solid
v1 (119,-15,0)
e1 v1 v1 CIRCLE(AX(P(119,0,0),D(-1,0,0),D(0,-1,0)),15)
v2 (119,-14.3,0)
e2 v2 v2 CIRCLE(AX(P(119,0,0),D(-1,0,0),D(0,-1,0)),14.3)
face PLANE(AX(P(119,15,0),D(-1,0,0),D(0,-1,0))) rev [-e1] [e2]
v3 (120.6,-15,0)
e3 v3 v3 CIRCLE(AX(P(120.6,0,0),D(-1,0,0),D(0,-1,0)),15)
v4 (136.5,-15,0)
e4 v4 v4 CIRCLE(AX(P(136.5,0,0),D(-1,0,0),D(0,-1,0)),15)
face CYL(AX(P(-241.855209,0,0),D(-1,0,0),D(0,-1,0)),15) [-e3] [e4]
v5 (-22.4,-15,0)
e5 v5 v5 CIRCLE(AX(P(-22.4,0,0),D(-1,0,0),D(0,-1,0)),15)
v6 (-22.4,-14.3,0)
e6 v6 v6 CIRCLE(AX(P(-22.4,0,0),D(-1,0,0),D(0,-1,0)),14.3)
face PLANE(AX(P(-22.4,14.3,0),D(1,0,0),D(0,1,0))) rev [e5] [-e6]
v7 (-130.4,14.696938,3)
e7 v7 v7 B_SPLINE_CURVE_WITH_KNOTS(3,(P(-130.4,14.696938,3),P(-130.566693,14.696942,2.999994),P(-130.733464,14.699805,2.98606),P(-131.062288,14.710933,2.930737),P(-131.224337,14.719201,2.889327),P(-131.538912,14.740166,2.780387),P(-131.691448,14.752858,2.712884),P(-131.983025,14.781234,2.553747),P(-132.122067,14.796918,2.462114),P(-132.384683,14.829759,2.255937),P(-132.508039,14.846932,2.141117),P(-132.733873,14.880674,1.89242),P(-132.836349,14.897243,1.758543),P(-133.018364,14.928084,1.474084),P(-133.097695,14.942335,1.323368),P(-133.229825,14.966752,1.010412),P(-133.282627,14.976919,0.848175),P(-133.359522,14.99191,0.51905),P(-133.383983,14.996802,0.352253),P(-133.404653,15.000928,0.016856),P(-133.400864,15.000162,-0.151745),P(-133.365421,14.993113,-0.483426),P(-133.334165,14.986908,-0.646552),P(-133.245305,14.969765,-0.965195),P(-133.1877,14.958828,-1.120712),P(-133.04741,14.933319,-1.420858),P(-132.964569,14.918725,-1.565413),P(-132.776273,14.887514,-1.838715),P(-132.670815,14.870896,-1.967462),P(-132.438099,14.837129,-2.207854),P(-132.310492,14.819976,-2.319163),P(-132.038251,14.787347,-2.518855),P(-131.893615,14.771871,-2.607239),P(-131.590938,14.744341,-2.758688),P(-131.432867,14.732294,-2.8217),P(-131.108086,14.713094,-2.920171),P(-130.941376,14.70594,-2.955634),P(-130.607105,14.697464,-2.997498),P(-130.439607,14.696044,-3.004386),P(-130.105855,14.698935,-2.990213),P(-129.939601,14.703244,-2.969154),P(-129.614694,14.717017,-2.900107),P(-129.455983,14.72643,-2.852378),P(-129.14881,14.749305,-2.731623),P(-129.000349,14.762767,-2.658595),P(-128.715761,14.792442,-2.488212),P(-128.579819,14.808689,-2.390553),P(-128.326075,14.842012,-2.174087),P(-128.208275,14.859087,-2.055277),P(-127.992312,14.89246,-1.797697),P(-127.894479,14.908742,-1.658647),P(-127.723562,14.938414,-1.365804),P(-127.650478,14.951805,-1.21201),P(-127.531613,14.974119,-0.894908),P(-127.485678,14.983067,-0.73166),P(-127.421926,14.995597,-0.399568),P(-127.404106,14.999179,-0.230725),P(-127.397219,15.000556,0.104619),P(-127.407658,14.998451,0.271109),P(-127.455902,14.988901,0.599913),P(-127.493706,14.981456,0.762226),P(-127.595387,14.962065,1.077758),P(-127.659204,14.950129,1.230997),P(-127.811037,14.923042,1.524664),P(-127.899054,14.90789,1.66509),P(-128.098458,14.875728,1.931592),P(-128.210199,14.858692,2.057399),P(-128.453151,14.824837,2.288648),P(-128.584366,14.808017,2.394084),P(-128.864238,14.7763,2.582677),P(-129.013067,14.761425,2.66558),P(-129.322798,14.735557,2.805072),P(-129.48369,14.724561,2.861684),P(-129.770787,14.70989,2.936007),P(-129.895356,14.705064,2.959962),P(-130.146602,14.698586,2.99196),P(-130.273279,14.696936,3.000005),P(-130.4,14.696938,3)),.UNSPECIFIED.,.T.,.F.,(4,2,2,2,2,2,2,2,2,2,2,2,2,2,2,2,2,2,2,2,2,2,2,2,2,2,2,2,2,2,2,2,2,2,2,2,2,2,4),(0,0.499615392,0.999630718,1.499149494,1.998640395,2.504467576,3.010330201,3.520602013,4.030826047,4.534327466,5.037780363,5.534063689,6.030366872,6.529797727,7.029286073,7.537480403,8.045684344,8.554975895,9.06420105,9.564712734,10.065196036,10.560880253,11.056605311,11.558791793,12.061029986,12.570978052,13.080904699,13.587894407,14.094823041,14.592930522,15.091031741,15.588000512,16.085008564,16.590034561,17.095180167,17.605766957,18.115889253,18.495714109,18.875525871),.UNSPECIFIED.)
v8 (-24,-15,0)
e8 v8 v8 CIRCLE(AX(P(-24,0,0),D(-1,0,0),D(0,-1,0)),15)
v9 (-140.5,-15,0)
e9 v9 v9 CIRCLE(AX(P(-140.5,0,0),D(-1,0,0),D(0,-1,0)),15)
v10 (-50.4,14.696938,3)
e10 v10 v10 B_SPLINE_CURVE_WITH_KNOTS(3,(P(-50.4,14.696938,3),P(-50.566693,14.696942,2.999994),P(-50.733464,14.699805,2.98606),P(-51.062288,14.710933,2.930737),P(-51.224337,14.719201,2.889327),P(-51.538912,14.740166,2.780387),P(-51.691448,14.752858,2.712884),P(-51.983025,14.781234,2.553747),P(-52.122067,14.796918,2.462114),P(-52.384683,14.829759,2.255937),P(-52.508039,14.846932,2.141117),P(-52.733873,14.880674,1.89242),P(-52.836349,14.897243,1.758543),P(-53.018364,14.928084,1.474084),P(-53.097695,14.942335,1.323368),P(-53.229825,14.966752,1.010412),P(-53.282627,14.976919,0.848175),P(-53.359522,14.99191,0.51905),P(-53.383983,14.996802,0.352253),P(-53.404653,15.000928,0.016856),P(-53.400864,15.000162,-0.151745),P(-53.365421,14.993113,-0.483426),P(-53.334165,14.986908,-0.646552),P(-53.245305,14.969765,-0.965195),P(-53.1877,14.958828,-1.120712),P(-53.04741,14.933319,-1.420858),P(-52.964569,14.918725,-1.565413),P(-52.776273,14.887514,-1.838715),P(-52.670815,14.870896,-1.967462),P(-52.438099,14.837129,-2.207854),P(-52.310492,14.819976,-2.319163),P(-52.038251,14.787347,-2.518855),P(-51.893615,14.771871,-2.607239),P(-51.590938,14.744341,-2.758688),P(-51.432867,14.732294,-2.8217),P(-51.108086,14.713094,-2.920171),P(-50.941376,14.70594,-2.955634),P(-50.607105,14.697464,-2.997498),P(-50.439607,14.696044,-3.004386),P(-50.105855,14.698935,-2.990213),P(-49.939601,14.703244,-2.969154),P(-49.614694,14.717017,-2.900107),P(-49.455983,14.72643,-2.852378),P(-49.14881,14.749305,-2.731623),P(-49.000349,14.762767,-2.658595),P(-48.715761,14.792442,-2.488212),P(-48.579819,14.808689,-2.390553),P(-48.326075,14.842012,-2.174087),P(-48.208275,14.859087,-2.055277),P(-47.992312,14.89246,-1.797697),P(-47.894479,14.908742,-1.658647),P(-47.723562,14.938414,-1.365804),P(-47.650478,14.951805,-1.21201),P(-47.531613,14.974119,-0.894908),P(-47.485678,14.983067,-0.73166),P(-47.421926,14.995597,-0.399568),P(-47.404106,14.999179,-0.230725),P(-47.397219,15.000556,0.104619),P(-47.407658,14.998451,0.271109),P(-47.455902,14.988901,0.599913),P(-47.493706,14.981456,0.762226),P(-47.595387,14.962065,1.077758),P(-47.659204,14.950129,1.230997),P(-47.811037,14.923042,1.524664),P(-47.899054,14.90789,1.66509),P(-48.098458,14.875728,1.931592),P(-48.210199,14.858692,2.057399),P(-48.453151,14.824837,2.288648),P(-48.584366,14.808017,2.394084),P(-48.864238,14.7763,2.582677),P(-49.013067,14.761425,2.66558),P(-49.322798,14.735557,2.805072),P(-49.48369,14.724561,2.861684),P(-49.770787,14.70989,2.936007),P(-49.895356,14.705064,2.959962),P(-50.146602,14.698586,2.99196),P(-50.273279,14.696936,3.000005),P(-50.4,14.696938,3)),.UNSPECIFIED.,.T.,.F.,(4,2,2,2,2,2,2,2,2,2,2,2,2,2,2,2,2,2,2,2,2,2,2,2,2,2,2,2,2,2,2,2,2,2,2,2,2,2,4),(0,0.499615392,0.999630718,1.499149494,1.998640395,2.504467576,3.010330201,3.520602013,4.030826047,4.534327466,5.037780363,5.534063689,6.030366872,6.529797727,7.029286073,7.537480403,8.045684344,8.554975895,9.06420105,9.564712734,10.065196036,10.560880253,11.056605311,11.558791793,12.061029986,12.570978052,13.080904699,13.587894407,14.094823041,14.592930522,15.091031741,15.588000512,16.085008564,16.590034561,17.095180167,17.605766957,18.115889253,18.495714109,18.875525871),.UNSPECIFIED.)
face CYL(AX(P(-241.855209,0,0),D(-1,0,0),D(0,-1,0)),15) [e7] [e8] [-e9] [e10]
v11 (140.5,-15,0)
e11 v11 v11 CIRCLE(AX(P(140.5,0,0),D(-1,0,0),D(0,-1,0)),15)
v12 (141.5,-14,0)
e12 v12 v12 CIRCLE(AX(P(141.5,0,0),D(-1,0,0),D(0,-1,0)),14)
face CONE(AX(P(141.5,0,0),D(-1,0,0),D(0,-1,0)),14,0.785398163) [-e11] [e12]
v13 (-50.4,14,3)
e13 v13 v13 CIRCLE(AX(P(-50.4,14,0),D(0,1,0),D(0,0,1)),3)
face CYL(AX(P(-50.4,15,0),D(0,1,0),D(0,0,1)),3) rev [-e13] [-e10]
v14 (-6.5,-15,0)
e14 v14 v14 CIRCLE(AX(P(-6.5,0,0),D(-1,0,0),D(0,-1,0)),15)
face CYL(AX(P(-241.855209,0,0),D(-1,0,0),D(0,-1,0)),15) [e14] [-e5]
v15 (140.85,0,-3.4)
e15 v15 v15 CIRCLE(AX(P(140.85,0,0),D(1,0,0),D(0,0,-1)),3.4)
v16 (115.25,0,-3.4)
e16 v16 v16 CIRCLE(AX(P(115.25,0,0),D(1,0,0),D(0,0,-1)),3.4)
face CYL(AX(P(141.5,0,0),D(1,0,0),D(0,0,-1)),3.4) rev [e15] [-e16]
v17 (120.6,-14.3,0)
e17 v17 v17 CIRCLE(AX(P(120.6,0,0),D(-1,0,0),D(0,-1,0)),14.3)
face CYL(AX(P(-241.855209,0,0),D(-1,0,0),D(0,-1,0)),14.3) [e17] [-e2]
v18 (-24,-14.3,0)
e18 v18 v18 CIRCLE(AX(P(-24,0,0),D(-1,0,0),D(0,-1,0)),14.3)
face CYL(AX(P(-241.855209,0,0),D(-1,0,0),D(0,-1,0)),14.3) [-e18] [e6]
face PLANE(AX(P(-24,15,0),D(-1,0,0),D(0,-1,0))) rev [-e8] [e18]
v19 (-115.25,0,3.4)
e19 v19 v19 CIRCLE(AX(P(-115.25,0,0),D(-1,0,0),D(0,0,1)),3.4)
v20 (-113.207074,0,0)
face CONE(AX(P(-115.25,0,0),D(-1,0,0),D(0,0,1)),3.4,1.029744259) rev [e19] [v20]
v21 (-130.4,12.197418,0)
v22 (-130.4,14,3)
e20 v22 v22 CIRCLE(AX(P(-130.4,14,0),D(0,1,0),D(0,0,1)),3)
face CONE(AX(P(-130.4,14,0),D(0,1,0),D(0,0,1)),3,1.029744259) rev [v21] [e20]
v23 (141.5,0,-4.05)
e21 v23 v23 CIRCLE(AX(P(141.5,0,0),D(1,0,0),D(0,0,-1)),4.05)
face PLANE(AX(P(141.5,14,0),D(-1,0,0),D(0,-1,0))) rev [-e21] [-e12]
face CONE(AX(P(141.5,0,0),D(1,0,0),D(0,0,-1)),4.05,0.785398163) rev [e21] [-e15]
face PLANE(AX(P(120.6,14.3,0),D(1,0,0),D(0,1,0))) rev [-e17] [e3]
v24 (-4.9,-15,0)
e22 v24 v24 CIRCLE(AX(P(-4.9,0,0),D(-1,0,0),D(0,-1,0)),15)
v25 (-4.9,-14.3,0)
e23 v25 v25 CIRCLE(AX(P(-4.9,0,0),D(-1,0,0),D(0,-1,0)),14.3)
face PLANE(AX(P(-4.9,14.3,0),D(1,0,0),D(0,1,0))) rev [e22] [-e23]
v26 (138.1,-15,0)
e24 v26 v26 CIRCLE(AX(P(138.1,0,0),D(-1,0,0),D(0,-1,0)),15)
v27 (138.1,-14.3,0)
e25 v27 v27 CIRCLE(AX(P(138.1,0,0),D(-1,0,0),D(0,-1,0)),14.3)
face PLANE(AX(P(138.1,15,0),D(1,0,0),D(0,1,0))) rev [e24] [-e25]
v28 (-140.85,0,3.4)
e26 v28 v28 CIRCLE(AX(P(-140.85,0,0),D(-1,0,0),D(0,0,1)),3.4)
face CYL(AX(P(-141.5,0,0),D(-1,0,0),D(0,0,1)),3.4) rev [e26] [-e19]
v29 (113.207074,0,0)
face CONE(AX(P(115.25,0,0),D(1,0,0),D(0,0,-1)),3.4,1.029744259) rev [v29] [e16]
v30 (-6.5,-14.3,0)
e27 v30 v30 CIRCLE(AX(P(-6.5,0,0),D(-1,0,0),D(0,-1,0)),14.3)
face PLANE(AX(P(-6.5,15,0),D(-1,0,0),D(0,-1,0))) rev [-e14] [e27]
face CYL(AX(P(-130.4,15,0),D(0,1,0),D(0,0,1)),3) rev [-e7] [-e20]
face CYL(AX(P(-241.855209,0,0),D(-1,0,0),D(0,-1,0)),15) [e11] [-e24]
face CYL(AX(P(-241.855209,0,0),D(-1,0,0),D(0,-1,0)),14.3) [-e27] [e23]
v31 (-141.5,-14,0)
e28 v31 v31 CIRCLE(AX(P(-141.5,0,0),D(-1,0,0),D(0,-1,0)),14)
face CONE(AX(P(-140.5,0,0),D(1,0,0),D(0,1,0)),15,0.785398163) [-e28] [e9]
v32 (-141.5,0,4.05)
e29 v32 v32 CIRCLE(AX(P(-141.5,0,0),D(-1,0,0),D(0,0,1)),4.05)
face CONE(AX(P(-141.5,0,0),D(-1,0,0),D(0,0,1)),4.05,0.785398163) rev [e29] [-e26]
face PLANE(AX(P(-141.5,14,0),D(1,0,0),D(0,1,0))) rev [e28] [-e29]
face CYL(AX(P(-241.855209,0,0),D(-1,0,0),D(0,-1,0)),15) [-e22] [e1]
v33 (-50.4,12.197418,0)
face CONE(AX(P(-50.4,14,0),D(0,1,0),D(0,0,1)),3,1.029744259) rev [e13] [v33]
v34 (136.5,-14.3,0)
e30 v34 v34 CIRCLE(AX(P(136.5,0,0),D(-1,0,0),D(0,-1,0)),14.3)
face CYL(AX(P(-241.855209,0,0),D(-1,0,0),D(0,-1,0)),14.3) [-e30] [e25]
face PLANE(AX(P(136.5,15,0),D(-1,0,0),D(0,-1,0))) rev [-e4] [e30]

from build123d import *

# Parameters (mm, degrees)
M8_GEWINDEBOHRUNG1_D               = 6.8
M8_GEWINDEBOHRUNG1_DEPTH           = 26.25
M8_GEWINDEBOHRUNG1_CSINK_D         = 8.1
M8_GEWINDEBOHRUNG1_CSINK_ANGLE     = 90
M8_GEWINDEBOHRUNG1_TIP             = 2.042926105
M8_GEWINDEBOHRUNG2_D               = 6.8
M8_GEWINDEBOHRUNG2_DEPTH           = 26.25
M8_GEWINDEBOHRUNG2_CSINK_D         = 8.1
M8_GEWINDEBOHRUNG2_CSINK_ANGLE     = 90
M8_GEWINDEBOHRUNG2_TIP             = 2.042926105
F_6_0_6_DURCHMESSER_BOHRUNG1_D     = 6
F_6_0_6_DURCHMESSER_BOHRUNG1_DEPTH = 1
F_6_0_6_DURCHMESSER_BOHRUNG1_TIP   = 1.802581857


with BuildPart() as part:
    # Skizze1 → Basis-Rotation (revolve)
    with BuildSketch(Plane.XY):
        Polygon((-141.5, 14), (-141.5, 0), (141.5, 0), (141.5, 14), (140.5, 15), (138.1, 15), (138.1, 14.3), (136.5, 14.3), (136.5, 15), (120.6, 15), (120.6, 14.3), (119, 14.3), (119, 15), (-4.9, 15), (-4.9, 14.3), (-6.5, 14.3), (-6.5, 15), (-22.4, 15), (-22.4, 14.3), (-24, 14.3), (-24, 15), (-140.5, 15), align=None)
    revolve(axis=Axis((-241.855208518, 0, 0), (1, 0, 0)))

    # M8 Gewindebohrung1
    with Locations(Plane.ZY.offset(141.5)):
        with Locations((0, 0)):
            CounterSinkHole(M8_GEWINDEBOHRUNG1_D / 2, M8_GEWINDEBOHRUNG1_CSINK_D / 2, depth=M8_GEWINDEBOHRUNG1_DEPTH, counter_sink_angle=M8_GEWINDEBOHRUNG1_CSINK_ANGLE)
            with Locations((0, 0, -(M8_GEWINDEBOHRUNG1_DEPTH + M8_GEWINDEBOHRUNG1_TIP / 2))):  # 118° drill point
                Cone(0, M8_GEWINDEBOHRUNG1_D / 2, M8_GEWINDEBOHRUNG1_TIP, mode=Mode.SUBTRACT)

    # M8 Gewindebohrung2
    with Locations(Plane(origin=(141.5, 0, 0), x_dir=(0, 0, -1), z_dir=(1, 0, 0))):
        with Locations((0, 0)):
            CounterSinkHole(M8_GEWINDEBOHRUNG2_D / 2, M8_GEWINDEBOHRUNG2_CSINK_D / 2, depth=M8_GEWINDEBOHRUNG2_DEPTH, counter_sink_angle=M8_GEWINDEBOHRUNG2_CSINK_ANGLE)
            with Locations((0, 0, -(M8_GEWINDEBOHRUNG2_DEPTH + M8_GEWINDEBOHRUNG2_TIP / 2))):  # 118° drill point
                Cone(0, M8_GEWINDEBOHRUNG2_D / 2, M8_GEWINDEBOHRUNG2_TIP, mode=Mode.SUBTRACT)

    # Ø6.0 (6) Durchmesser Bohrung1
    with Locations(Plane(origin=(0, 15, 0), x_dir=(1, 0, 0), z_dir=(0, 1, 0))):
        with Locations((-50.4, 0), (-130.4, 0)):
            Hole(F_6_0_6_DURCHMESSER_BOHRUNG1_D / 2, depth=F_6_0_6_DURCHMESSER_BOHRUNG1_DEPTH)
            with Locations((0, 0, -(F_6_0_6_DURCHMESSER_BOHRUNG1_DEPTH + F_6_0_6_DURCHMESSER_BOHRUNG1_TIP / 2))):  # 118° drill point
                Cone(0, F_6_0_6_DURCHMESSER_BOHRUNG1_D / 2, F_6_0_6_DURCHMESSER_BOHRUNG1_TIP, mode=Mode.SUBTRACT)


solid = part.part
